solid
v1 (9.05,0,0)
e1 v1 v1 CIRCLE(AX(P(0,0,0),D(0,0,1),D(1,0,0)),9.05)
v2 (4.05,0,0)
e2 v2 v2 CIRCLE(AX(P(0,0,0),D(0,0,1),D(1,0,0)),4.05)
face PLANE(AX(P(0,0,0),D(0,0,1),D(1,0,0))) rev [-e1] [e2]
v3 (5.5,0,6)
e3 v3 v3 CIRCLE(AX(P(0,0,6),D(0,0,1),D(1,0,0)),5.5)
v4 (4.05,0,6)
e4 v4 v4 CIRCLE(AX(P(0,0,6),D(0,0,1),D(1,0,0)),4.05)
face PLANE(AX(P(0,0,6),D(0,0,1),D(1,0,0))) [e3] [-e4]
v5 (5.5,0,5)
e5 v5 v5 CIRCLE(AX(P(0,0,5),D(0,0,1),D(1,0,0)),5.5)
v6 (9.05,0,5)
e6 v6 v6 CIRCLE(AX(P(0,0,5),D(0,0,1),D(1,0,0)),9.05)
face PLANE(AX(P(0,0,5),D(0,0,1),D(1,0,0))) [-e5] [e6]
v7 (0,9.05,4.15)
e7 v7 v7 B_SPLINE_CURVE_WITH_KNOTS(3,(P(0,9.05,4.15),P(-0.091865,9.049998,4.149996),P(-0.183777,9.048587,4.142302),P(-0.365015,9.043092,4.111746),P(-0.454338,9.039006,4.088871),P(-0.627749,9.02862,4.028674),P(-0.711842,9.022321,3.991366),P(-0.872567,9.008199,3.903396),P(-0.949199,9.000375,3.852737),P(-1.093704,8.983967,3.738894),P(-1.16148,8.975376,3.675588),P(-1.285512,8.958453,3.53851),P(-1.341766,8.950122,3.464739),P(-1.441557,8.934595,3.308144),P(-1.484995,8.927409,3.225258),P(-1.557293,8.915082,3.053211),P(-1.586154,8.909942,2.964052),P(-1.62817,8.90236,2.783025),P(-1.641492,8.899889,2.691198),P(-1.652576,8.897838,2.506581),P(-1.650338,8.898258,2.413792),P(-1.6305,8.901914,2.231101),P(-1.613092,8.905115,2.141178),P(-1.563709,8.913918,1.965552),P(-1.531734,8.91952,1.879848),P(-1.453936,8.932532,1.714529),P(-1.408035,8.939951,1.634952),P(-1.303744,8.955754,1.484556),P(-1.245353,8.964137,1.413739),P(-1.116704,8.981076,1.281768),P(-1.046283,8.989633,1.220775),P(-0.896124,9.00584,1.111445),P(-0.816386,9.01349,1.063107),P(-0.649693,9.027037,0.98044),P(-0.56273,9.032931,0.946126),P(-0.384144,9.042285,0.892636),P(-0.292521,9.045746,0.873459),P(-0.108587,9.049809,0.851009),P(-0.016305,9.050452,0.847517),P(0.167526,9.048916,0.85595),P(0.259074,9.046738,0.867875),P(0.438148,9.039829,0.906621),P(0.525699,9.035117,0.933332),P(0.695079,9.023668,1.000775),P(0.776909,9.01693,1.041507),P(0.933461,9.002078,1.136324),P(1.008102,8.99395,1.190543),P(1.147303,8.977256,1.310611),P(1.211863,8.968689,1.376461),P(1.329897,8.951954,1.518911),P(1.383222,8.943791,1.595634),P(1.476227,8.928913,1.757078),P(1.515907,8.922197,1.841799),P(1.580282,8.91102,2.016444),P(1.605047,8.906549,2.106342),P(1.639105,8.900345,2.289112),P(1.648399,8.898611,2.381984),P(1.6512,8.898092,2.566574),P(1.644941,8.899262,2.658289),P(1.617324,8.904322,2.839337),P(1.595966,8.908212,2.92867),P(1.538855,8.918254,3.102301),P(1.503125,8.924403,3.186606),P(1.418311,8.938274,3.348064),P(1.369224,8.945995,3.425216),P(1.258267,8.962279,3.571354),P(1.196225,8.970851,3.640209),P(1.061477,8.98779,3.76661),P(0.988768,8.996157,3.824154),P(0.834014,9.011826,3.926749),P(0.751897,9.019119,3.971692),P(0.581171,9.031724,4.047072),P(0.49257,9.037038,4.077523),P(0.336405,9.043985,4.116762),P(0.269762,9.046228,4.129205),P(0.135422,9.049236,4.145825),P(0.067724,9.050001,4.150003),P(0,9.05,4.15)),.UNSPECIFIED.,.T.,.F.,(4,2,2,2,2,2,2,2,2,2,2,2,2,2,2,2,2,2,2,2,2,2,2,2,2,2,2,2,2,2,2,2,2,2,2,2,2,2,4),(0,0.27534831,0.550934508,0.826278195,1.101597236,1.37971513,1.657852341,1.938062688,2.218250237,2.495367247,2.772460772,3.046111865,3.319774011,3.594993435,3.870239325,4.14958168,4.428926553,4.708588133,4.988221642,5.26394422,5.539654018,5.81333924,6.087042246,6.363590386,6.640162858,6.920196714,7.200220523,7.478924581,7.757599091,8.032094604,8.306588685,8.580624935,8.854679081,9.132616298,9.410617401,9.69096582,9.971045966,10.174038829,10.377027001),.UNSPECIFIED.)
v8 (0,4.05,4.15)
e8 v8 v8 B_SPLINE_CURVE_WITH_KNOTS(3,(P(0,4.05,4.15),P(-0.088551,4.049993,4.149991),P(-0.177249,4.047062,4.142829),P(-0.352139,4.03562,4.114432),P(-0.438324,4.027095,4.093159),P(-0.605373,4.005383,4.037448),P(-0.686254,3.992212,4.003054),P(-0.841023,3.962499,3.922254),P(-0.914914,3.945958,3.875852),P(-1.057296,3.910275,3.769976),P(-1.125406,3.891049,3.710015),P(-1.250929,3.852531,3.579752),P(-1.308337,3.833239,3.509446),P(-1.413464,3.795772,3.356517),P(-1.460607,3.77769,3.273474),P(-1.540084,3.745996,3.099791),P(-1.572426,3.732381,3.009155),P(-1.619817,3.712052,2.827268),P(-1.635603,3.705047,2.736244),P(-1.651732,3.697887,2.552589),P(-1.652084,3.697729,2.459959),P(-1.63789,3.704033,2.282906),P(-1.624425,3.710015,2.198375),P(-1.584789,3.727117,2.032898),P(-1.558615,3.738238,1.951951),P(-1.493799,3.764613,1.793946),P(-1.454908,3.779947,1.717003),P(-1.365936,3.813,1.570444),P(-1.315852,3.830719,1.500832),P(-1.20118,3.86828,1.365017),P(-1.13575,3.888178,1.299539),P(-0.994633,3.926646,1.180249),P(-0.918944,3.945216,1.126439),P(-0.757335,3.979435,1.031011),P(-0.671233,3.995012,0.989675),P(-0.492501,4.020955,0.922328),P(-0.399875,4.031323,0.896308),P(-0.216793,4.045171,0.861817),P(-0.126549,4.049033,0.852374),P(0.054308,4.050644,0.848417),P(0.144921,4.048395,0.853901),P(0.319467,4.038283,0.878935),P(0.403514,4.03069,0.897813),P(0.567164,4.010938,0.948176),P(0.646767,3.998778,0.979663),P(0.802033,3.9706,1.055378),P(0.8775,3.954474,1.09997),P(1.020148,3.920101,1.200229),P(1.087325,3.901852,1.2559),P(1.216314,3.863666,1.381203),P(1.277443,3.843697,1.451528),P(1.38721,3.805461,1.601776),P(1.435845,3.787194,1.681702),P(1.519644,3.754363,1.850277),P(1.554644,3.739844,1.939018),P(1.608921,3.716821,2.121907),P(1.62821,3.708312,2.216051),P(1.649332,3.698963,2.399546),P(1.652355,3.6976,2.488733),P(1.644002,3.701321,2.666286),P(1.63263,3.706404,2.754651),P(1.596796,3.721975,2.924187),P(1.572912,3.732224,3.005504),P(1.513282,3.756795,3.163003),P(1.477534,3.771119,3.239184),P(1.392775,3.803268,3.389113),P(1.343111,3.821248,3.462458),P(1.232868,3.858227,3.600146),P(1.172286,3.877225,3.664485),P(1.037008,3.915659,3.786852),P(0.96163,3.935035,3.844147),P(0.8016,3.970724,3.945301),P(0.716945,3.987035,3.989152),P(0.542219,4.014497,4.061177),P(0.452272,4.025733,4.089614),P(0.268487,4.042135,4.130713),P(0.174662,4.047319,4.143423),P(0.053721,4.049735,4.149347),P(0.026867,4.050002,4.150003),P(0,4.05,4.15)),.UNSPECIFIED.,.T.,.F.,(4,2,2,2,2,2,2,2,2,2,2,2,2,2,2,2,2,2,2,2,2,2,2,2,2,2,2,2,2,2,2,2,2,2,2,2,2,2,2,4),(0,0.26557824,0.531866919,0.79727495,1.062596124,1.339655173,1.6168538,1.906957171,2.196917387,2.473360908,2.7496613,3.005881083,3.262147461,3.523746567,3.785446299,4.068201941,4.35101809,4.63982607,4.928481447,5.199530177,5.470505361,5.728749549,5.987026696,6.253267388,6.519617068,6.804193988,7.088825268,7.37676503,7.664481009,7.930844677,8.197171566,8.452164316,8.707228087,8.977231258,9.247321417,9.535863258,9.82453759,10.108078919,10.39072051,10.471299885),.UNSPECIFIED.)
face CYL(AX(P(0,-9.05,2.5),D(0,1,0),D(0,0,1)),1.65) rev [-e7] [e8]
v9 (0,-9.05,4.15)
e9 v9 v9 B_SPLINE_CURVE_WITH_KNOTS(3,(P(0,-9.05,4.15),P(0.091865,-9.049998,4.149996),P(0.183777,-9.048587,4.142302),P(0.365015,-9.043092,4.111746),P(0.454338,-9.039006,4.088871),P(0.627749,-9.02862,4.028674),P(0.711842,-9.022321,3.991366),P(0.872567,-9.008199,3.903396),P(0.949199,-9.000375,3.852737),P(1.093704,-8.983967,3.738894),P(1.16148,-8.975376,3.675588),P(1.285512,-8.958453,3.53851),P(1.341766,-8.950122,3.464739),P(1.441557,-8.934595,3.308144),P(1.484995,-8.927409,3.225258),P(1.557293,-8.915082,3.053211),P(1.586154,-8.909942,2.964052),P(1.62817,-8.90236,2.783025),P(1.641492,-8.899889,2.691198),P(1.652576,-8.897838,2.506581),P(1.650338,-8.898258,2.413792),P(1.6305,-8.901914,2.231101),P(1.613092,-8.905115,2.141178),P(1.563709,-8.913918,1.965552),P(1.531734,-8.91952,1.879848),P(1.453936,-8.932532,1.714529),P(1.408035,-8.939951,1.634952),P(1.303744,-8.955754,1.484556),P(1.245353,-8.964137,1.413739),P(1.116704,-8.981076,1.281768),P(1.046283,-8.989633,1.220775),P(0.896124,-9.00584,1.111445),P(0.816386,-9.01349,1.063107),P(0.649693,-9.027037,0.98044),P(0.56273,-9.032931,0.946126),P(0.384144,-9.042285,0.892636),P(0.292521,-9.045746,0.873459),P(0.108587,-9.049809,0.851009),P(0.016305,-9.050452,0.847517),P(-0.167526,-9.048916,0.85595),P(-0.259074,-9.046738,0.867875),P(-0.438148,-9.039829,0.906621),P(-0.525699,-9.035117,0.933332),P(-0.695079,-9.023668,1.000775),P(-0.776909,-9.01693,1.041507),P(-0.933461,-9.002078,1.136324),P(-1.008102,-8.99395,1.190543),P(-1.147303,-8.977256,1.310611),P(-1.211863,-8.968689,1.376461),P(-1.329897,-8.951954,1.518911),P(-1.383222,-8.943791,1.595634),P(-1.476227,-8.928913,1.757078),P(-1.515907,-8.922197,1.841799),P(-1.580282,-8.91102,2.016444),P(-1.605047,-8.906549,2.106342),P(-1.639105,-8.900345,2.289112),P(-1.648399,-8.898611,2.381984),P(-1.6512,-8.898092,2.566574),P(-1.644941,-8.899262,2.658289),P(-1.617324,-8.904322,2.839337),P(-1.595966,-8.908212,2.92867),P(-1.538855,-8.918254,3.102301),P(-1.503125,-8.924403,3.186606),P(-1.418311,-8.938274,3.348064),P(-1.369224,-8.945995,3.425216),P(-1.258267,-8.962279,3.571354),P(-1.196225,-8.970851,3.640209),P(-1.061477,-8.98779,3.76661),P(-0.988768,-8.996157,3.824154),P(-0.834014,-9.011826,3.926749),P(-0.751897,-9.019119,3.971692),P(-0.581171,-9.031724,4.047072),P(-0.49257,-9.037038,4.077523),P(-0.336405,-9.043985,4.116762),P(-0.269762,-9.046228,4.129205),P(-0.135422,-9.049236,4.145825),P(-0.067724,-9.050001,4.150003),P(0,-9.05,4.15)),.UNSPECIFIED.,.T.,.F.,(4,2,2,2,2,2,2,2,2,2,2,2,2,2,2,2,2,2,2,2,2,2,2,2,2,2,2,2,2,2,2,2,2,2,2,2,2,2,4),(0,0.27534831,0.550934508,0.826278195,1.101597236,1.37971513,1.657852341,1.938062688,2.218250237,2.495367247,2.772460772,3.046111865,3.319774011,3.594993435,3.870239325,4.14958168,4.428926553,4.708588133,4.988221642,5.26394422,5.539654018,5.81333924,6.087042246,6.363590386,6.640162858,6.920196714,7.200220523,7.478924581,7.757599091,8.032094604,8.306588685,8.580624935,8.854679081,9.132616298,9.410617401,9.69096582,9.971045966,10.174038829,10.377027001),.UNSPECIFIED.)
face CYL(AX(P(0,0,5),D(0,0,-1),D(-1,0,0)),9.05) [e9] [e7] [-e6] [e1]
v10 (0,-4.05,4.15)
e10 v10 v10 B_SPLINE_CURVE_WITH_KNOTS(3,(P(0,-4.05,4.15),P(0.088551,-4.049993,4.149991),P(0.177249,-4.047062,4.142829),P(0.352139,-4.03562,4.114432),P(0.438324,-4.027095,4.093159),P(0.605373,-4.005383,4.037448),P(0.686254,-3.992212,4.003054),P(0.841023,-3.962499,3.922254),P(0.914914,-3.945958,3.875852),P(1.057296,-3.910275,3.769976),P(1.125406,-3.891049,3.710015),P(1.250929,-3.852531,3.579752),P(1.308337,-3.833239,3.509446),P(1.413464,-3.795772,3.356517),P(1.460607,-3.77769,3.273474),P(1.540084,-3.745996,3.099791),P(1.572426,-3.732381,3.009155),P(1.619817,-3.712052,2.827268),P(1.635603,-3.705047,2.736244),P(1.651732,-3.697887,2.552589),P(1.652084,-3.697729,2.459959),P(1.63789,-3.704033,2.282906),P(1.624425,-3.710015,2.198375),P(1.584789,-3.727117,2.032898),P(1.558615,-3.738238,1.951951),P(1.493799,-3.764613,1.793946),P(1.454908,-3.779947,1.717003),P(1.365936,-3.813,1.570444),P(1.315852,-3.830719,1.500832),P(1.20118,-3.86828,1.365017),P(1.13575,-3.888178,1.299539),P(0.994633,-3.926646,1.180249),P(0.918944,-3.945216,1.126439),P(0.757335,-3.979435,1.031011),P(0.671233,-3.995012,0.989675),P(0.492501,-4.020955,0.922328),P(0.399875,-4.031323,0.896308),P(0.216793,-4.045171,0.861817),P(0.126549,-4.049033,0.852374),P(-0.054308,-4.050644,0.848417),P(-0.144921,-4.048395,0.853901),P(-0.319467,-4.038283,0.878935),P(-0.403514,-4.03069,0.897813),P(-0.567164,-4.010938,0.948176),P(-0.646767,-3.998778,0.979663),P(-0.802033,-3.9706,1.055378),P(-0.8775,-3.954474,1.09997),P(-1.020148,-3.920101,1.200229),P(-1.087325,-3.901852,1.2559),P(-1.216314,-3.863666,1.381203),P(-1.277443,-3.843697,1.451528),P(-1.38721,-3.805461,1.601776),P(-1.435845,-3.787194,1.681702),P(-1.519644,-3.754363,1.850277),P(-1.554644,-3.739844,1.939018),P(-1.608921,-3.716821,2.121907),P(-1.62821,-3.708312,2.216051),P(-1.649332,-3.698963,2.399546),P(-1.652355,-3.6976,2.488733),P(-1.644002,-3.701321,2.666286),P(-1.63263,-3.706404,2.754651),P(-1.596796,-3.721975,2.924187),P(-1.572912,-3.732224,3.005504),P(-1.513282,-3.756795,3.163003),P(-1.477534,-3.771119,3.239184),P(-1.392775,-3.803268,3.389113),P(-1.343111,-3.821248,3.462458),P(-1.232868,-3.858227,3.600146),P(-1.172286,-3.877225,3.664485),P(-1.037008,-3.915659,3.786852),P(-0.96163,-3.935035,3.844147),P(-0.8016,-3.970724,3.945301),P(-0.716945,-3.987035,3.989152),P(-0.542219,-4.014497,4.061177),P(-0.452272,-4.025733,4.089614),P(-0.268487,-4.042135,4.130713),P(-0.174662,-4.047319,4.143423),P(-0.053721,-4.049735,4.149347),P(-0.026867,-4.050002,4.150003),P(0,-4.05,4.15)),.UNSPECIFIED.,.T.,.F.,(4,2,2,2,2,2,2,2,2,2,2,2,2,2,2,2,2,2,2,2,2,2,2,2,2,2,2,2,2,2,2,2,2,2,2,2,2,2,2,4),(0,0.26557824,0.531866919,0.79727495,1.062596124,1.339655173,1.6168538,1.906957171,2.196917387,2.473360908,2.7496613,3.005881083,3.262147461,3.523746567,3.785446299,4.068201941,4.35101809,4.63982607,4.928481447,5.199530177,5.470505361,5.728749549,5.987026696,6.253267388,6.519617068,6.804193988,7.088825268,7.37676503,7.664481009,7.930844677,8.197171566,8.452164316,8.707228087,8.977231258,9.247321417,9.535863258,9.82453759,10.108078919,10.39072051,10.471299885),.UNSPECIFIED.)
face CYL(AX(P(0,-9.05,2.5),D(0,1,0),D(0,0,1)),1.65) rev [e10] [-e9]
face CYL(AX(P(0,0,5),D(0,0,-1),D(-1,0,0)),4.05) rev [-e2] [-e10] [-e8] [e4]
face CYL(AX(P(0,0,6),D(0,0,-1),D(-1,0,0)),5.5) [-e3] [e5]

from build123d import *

# Parameters (mm, degrees)
ESQUISSE1_R                  = 9.05
ESQUISSE1_R_2                = 4.05
BOSS_EXTRU_1_DEPTH           = 5
ENL_V_MAT_EXTRU_1_DEPTH      = 14.740633173
ENL_V_MAT_EXTRU_1_DEPTH_BACK = 14.740633173
ESQUISSE2_R                  = 1.65
ESQUISSE3_R                  = 5.5
ESQUISSE3_R_2                = 4.05
BOSS_EXTRU_2_DEPTH           = 1


with BuildPart() as part:
    # Esquisse1 → Boss.-Extru.1 (new body)
    with BuildSketch(Plane.XY):
        Circle(ESQUISSE1_R)
        Circle(ESQUISSE1_R_2, mode=Mode.SUBTRACT)
    extrude(amount=BOSS_EXTRU_1_DEPTH)

    # Esquisse2 → Enlèv. mat.-Extru.1 (cut, two sides: drawn at the far end of the back side and taken through both)
    with BuildSketch(Plane(origin=(0, 0, 0), x_dir=(1, 0, 0), z_dir=(0, 1, 0)).offset(-ENL_V_MAT_EXTRU_1_DEPTH_BACK)):
        with Locations(Location((0, -2.5, 0), (0, 0, 270))):
            Circle(ESQUISSE2_R)
    extrude(amount=ENL_V_MAT_EXTRU_1_DEPTH + ENL_V_MAT_EXTRU_1_DEPTH_BACK, mode=Mode.SUBTRACT)

    # Esquisse3 → Boss.-Extru.2 (add)
    with BuildSketch(Plane.XY.offset(5)):
        Circle(ESQUISSE3_R)
        Circle(ESQUISSE3_R_2, mode=Mode.SUBTRACT)
    extrude(amount=BOSS_EXTRU_2_DEPTH)


solid = part.part
